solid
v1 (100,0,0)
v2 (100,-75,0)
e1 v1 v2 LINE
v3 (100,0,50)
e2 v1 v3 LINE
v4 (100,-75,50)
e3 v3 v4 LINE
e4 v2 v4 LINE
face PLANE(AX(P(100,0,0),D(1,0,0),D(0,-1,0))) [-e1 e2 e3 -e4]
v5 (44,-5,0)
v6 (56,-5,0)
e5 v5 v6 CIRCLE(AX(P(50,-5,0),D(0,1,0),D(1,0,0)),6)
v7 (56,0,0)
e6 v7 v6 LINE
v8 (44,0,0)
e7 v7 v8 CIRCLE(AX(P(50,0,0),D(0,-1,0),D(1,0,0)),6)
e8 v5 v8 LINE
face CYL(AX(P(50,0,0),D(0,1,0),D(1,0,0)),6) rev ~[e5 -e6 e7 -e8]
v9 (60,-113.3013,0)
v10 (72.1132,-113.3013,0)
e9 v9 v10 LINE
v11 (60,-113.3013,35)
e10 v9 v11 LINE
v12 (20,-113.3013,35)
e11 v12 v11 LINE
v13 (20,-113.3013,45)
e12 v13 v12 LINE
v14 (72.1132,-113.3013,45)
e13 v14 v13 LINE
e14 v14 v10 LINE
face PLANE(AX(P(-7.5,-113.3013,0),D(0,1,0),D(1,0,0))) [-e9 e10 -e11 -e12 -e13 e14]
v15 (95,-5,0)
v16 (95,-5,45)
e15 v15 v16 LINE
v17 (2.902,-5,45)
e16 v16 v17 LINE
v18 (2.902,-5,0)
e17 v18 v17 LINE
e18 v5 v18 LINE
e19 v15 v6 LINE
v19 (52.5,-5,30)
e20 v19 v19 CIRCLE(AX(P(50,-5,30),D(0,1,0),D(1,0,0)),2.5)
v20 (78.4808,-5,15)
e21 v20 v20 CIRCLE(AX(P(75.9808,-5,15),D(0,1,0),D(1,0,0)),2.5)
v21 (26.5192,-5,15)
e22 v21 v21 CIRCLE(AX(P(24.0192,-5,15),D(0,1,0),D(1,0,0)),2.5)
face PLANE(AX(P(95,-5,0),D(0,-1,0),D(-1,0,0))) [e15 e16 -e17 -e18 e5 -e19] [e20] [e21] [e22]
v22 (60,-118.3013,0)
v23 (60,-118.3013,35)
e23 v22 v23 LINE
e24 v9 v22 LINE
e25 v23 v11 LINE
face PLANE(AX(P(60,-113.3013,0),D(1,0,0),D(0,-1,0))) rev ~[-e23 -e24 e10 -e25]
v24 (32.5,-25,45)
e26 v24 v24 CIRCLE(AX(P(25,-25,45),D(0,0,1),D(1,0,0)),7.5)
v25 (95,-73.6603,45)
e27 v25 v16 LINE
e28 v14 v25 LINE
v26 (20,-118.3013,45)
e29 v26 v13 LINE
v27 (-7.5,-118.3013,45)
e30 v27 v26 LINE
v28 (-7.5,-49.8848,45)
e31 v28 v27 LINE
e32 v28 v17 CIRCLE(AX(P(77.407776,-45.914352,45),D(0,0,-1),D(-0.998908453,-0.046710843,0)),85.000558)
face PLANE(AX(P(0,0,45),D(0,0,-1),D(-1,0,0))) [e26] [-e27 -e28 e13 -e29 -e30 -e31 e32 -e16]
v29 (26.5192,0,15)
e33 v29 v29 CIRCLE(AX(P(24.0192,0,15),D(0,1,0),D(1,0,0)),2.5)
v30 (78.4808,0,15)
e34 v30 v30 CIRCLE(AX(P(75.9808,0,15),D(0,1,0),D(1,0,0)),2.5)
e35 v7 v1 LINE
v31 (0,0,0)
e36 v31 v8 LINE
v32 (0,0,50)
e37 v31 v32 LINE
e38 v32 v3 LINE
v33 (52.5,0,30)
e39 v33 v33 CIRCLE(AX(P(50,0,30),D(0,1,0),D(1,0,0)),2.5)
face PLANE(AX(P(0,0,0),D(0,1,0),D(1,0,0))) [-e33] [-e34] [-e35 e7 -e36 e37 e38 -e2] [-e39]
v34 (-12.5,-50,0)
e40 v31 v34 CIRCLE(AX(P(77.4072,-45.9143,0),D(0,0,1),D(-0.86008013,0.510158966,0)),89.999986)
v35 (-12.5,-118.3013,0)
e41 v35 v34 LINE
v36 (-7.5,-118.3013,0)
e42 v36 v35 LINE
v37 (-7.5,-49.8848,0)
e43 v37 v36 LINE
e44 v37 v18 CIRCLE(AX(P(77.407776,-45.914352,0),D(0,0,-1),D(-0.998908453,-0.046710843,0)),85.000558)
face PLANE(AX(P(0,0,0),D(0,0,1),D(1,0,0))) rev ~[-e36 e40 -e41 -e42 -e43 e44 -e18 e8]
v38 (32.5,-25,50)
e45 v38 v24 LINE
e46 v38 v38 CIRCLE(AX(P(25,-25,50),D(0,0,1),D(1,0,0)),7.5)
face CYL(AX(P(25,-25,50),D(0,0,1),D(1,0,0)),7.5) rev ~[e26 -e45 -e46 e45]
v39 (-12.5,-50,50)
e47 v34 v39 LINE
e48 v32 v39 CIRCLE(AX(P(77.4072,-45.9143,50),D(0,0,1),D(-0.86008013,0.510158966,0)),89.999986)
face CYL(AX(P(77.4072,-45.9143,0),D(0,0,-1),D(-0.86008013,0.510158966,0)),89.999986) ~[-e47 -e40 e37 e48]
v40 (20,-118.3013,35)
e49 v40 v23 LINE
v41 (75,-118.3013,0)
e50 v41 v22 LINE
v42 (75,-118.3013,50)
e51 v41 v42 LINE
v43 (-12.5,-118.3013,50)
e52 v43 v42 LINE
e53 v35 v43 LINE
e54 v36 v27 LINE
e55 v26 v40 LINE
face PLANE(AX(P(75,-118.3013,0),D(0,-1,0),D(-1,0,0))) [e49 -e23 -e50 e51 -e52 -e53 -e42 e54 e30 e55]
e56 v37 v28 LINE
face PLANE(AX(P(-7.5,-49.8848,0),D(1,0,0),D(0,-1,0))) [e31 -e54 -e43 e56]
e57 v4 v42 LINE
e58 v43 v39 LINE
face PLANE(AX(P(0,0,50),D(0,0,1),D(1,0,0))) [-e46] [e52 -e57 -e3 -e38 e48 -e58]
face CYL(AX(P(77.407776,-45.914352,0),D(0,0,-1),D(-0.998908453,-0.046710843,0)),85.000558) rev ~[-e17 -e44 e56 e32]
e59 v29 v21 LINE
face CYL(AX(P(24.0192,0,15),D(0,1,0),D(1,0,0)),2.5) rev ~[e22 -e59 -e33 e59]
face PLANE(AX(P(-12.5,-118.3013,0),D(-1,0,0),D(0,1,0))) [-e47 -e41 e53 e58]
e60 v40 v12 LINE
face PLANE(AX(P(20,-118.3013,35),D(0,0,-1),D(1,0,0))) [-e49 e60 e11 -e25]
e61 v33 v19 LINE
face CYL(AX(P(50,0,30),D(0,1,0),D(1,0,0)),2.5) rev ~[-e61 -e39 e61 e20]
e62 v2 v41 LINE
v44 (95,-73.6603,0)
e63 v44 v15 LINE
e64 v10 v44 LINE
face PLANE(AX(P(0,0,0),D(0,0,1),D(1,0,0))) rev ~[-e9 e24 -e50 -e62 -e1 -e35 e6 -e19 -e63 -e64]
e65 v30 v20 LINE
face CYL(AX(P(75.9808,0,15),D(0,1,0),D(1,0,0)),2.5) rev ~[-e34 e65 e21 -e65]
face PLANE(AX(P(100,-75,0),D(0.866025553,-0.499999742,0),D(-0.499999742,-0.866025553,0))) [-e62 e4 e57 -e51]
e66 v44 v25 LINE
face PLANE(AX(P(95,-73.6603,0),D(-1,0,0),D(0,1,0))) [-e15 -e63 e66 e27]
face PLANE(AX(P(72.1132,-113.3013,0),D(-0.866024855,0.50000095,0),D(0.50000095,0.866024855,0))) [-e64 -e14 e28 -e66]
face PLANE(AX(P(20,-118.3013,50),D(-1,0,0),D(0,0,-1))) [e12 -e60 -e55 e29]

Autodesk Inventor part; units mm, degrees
ref_plane "YZ Plane" through (0, 0, 0) normal (1, 0, 0) x (0, 1, 0)
ref_plane "XZ Plane" through (0, 0, 0) normal (0, 1, 0) x (-1, 0, 0)
ref_plane "XY Plane" through (0, 0, 0) normal (0, 0, 1) x (1, 0, 0)
sketch "Sketch1" plane through (0, 0, 0) normal (0, 0, 1) x (1, 0, 0)
  line L0 (0, 0) -> (100, 0)
  line L1 (100, 0) -> (100, -75)
  line L2 (100, -75) -> (75, -118.3013)
  line L3 (75, -118.3013) -> (-12.5, -118.3013)
  line L4 (-12.5, -118.3013) -> (-12.5, -50)
  arc A0 (0, 0) -> (-12.5, -50) centre (77.4072, -45.9143) ccw
  dimension "d0" = 100
  dimension "d1" = 75
  dimension "d2" = 50
  dimension "d3" = 150
  dimension "d5" = 50
  dimension "d6" = 12.5
  dimension "d7" = 90
extrude "Extrusion1" add sketch "Sketch1" along normal blind 50
sketch "Sketch2" plane through (0, 0, 0) normal (0, 0, -1) x (-1, 0, 0)
  line L0 (0, 0) -> (-100, 0) projected
  line L1 (-100, 0) -> (-100, -75) projected
  line L2 (-100, -75) -> (-75, -118.3013) projected
  line L3 (-75, -118.3013) -> (12.5, -118.3013) projected
  line L4 (12.5, -118.3013) -> (12.5, -50) projected
  arc A0 (12.5, -50) -> (0, 0) centre (-77.4072, -45.9143) ccw projected
  line L5 (-95, -73.6603) -> (-95, -5)
  line L6 (-95, -5) -> (-2.902, -5)
  arc A1 (7.5, -49.8848) -> (-2.902, -5) centre (-77.4072, -45.9143) ccw
  line L7 (7.5, -49.8848) -> (7.5, -113.3013)
  line L8 (7.5, -113.3013) -> (-72.1132, -113.3013)
  line L9 (-72.1132, -113.3013) -> (-95, -73.6603)
  dimension "d10" = 5
extrude "Extrusion2" cut sketch "Sketch2" against normal blind 45 contours L5 L6 A1 L7 L8 L9
sketch "Sketch3" plane through (0, 0, 0) normal (0, 0, -1) x (-1, 0, 0)
  line L0 (7.5, -113.3013) -> (-72.1132, -113.3013) projected
  line L1 (12.5, -118.3013) -> (-75, -118.3013) projected
  line L2 (7.5, -113.3013) -> (-60, -113.3013)
  line L3 (-60, -113.3013) -> (-60, -118.3013)
  line L4 (-60, -118.3013) -> (7.5, -118.3013)
  line L5 (7.5, -118.3013) -> (7.5, -113.3013)
  point P0 (0, 0)
  dimension "d13" = 15
extrude "Extrusion3" cut sketch "Sketch3" against normal blind 45
sketch "Sketch4" plane through (0, 0, 0) normal (0, 1, 0) x (1, 0, 0)
  circle A0 centre (50, 0) radius 6
  line L0 (0, 0) -> (100, 0) projected
  dimension "d16" = 12
extrude "Extrusion4" cut sketch "Sketch4" against normal through all
sketch "Sketch5" plane through (0, 0, 50) normal (0, 1, 0) x (1, 0, 0)
  arc A0 (44, 50) -> (56, 50) centre (50, 50) ccw projected
  circle A1 centre (50, 50) radius 30 construction
  circle A2 centre (50, 20) radius 2.5
  circle A3 centre (75.9808, 35) radius 2.5
  circle A4 centre (75.9808, 65) radius 2.5
  circle A5 centre (50, 80) radius 2.5
  circle A6 centre (24.0192, 65) radius 2.5
  circle A7 centre (24.0192, 35) radius 2.5
  point P0 (0, 50)
  dimension "d19" = 60
  dimension "d20" = 5
  dimension "d23" = 360
extrude "Extrusion5" cut sketch "Sketch5" against normal blind 5 contours A2 | A3 | A7
sketch "Sketch6" plane through (0, 0, 50) normal (0, 0, 1) x (1, 0, 0)
  circle A0 centre (25, -25) radius 7.5
  point P0 (0, 0)
  dimension "d27" = 15
  dimension "d28" = 25
  dimension "d29" = 25
extrude "Extrusion6" cut sketch "Sketch6" against normal blind 5
sketch "Sketch7" plane through (-12.5, -118.3013, 50) normal (0, -1, 0) x (1, 0, 0)
  line L0 (87.5, 0) -> (112.5, 0) projected
  line L1 (87.5, 0) -> (32.5, 0)
  line L2 (32.5, 0) -> (32.5, -15)
  line L3 (32.5, -15) -> (87.5, -15)
  line L4 (87.5, -15) -> (87.5, 0)
  line L5 (0, -50) -> (0, 0) projected
  point P0 (12.5, -50)
  dimension "d32" = 15
  dimension "d33" = 32.5
extrude "Extrusion7" add sketch "Sketch7" against normal blind 5
properties part number "FA002" material "ABS Plastic"
